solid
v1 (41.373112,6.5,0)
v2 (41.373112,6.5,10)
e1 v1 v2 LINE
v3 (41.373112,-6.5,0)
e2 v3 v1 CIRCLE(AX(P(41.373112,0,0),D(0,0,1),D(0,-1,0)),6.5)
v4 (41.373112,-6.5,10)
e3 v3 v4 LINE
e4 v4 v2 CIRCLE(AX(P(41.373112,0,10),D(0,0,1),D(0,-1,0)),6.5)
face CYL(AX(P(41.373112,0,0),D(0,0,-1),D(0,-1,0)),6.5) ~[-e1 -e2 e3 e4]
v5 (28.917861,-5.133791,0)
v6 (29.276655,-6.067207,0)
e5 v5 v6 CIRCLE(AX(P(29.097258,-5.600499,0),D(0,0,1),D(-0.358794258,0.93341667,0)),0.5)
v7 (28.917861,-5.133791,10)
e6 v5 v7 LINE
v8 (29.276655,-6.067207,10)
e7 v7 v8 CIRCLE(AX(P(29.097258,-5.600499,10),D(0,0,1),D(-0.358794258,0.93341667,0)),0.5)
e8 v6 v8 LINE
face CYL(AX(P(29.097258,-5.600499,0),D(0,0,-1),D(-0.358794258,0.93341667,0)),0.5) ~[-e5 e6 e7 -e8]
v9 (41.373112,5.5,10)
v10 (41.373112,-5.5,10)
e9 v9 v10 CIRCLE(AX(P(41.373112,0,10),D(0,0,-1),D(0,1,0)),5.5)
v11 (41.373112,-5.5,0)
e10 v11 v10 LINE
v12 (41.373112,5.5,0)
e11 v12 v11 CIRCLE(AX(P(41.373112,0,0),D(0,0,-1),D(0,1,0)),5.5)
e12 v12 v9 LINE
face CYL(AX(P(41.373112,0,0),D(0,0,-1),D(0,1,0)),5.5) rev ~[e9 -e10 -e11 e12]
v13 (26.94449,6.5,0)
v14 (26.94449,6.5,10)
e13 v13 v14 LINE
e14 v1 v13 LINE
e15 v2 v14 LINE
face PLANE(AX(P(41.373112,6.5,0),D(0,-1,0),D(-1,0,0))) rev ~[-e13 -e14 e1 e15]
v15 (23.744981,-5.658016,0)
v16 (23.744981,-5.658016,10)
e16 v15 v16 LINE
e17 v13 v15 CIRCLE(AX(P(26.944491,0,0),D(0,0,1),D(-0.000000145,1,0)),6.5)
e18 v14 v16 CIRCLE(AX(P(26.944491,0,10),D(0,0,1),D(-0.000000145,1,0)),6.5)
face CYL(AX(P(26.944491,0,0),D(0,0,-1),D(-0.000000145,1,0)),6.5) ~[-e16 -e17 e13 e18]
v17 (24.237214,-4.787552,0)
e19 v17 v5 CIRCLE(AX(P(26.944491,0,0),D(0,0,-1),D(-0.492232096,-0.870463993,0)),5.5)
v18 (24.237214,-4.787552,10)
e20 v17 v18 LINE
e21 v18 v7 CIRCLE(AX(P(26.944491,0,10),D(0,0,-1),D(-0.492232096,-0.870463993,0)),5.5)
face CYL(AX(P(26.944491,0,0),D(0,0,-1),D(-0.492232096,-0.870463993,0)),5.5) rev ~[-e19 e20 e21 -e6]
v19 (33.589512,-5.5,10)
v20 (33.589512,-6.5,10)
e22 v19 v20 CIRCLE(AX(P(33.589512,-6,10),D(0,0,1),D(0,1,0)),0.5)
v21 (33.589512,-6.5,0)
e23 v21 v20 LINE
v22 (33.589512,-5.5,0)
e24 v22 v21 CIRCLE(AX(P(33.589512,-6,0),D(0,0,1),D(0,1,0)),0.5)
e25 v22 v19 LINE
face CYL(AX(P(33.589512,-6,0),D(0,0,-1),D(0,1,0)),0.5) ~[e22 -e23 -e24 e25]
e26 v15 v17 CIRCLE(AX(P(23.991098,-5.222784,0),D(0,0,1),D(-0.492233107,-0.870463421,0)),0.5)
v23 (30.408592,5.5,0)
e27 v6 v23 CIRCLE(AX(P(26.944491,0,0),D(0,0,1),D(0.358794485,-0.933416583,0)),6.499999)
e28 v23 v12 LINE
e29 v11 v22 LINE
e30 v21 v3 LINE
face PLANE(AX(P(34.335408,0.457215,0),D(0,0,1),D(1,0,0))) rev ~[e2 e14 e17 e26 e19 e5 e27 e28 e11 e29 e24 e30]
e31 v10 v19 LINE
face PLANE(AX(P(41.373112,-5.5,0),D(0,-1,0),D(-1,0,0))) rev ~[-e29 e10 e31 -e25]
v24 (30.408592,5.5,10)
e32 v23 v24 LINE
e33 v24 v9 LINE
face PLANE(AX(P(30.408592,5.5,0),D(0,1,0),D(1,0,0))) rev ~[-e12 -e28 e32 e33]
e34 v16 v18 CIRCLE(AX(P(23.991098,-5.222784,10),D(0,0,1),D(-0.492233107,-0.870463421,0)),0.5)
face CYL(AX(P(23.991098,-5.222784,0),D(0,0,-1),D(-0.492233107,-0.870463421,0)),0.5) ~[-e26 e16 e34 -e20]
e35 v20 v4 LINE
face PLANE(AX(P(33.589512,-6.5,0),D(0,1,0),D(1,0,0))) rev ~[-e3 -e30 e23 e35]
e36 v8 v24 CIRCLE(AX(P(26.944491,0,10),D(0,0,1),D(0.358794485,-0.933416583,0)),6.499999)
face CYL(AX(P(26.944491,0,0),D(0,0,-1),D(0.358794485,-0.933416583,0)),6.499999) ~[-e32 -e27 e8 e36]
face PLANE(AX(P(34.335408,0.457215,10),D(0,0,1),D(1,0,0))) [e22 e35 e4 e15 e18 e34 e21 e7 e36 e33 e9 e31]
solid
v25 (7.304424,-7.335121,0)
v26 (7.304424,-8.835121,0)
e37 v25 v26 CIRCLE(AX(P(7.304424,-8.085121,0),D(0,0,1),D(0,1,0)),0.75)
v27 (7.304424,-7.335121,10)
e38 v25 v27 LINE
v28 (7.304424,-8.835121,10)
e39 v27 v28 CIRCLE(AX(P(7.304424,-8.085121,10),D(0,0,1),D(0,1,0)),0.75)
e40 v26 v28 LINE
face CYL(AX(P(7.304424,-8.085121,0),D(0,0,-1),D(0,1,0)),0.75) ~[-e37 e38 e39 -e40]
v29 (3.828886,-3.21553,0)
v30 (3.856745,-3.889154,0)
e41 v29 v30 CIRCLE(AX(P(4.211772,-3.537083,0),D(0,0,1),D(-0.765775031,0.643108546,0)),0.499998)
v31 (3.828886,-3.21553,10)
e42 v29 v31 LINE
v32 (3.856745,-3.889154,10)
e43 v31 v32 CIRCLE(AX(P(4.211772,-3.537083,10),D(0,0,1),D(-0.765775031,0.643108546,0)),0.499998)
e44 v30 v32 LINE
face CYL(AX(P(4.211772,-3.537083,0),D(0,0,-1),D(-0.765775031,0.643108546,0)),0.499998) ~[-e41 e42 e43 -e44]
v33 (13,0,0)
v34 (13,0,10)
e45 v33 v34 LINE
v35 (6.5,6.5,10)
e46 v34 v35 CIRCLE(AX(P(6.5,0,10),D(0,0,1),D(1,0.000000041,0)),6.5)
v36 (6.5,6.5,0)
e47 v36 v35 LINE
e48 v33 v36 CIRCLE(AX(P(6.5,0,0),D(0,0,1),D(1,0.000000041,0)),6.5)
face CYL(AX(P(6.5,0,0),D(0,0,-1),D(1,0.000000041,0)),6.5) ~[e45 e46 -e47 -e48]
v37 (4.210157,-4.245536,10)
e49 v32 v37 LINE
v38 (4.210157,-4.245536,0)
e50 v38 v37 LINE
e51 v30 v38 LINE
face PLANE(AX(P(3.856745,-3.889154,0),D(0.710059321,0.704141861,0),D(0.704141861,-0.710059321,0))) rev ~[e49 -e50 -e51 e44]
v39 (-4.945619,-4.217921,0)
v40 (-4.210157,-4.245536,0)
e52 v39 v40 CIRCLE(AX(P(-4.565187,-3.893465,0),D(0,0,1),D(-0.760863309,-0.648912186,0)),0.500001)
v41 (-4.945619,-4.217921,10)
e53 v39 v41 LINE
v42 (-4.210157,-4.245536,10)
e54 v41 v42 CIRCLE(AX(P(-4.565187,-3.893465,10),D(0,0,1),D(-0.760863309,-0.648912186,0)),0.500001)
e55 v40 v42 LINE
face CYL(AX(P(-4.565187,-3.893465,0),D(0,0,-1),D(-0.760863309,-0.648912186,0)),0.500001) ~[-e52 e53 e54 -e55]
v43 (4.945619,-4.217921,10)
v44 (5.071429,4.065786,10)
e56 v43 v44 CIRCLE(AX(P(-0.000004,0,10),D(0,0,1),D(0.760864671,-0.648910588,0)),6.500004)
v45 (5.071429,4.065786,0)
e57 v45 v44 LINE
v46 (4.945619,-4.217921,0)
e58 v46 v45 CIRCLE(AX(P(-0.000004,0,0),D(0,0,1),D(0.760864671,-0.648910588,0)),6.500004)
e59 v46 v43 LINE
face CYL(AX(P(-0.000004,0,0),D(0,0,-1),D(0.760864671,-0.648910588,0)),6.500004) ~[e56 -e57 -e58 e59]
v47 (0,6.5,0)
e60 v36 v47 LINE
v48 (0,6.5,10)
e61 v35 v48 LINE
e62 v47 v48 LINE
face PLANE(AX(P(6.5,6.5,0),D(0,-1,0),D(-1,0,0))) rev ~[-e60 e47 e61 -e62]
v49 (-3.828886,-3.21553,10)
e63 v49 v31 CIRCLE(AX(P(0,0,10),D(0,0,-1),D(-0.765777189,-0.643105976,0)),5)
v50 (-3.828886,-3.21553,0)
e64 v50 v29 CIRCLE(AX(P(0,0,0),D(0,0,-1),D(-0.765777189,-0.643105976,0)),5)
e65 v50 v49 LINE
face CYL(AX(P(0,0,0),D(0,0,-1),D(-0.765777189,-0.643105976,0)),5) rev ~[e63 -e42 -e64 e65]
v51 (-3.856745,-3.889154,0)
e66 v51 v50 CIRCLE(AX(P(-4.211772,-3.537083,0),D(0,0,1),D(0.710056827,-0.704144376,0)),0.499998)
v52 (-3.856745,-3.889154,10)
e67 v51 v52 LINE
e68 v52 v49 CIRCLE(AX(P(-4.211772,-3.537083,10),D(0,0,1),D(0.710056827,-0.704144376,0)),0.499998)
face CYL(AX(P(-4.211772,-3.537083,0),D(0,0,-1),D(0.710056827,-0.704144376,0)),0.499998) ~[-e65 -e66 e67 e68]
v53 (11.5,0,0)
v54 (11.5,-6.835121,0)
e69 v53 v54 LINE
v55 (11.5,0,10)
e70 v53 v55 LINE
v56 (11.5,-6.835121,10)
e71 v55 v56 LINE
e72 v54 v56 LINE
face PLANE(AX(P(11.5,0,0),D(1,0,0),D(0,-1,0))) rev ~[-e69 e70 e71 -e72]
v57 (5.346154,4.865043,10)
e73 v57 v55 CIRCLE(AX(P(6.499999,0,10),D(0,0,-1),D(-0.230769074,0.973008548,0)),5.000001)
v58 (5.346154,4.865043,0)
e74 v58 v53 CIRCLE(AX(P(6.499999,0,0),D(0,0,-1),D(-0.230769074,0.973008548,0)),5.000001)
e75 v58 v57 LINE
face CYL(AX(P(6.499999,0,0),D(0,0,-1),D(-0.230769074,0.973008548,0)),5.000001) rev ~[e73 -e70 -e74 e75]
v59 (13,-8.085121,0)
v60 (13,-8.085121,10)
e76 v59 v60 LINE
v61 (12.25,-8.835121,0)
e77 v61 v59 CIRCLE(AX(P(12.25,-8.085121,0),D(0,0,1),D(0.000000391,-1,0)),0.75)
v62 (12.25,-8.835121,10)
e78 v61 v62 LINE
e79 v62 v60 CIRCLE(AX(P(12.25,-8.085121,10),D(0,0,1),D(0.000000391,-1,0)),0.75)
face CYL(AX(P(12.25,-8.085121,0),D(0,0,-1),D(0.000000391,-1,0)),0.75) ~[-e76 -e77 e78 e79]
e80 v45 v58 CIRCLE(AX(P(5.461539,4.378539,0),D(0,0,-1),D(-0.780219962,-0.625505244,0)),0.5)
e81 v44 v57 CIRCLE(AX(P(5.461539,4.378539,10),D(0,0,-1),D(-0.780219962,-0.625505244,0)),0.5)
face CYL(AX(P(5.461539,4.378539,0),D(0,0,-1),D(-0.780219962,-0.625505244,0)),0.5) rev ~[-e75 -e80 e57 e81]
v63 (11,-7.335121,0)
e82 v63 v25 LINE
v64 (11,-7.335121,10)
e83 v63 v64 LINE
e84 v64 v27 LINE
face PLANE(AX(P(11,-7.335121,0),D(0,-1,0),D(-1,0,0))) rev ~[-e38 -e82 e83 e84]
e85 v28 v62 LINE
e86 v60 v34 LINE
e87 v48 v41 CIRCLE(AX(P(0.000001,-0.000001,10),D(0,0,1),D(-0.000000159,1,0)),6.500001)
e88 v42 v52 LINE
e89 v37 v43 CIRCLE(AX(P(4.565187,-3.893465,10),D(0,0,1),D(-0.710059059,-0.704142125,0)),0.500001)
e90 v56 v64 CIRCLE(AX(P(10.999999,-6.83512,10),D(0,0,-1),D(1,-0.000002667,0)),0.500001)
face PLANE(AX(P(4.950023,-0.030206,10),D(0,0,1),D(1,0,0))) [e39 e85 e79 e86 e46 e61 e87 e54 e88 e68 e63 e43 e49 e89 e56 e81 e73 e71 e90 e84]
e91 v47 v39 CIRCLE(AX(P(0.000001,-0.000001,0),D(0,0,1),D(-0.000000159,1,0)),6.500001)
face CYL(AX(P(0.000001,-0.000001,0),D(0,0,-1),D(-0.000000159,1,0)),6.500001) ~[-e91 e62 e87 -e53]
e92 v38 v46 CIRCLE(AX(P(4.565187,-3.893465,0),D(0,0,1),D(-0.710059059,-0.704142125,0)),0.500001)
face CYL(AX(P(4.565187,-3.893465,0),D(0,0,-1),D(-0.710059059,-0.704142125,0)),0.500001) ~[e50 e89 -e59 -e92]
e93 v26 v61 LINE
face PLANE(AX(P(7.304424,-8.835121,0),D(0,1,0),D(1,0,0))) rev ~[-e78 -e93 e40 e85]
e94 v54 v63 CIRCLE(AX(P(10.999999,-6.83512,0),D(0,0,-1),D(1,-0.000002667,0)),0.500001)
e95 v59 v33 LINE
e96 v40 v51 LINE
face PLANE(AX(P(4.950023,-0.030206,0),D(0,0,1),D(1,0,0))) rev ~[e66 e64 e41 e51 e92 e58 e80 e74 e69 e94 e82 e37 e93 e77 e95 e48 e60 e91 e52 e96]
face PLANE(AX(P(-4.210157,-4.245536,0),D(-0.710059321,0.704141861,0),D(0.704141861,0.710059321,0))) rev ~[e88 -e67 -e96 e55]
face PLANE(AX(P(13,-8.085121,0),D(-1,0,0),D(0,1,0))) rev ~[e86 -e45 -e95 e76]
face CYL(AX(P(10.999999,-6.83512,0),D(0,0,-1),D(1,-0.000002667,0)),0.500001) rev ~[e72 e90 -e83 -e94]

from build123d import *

# Parameters (mm, degrees)
F1_DEPTH = 10


with BuildPart() as f1:
    # F0 (on Top) → F1 (new body)
    with BuildSketch(Plane.XY):
        with BuildLine():
            ThreePointArc((-3.828886, -3.21553), (0, 5), (3.828886, -3.21553))
            ThreePointArc((3.828886, -3.21553), (3.712201, -3.557744), (3.856745, -3.889154))
            Line((3.856745, -3.889154), (4.210157, -4.245536))
            ThreePointArc((4.210157, -4.245536), (4.583948, -4.393113), (4.945619, -4.217921))
            ThreePointArc((4.945619, -4.217921), (6.49925, -0.098708), (5.071429, 4.065786))
            ThreePointArc((5.071429, 4.065786), (4.988692, 4.541068), (5.346154, 4.865043))
            ThreePointArc((5.346154, 4.865043), (9.600868, 3.922323), (11.5, 0))
            Line((11.5, 0), (11.5, -6.835121))
            ThreePointArc((11.5, -6.835121), (11.353553, -7.188674), (11, -7.335121))
            Line((11, -7.335121), (7.304424, -7.335121))
            ThreePointArc((7.304424, -7.335121), (6.554424, -8.085121), (7.304424, -8.835121))
            Line((7.304424, -8.835121), (12.25, -8.835121))
            ThreePointArc((12.25, -8.835121), (12.78033, -8.615451), (13, -8.085121))
            Line((13, -8.085121), (13, 0))
            ThreePointArc((13, 0), (11.096194, 4.596194), (6.5, 6.5))
            Line((6.5, 6.5), (0, 6.5))
            ThreePointArc((0, 6.5), (-5.901969, 2.723372), (-4.945619, -4.217921))
            ThreePointArc((-4.945619, -4.217921), (-4.583948, -4.393113), (-4.210157, -4.245536))
            Line((-4.210157, -4.245536), (-3.856745, -3.889154))
            ThreePointArc((-3.856745, -3.889154), (-3.712201, -3.557744), (-3.828886, -3.21553))
        make_face()
        with BuildLine():
            ThreePointArc((24.237214, -4.787552), (27.35023, 5.485014), (28.917861, -5.133791))
            ThreePointArc((28.917861, -5.133791), (28.63055, -5.779896), (29.276655, -6.067207))
            ThreePointArc((29.276655, -6.067207), (33.41359, -0.633049), (30.408592, 5.5))
            Line((30.408592, 5.5), (41.373112, 5.5))
            ThreePointArc((41.373112, 5.5), (46.873112, 0), (41.373112, -5.5))
            Line((41.373112, -5.5), (33.589512, -5.5))
            ThreePointArc((33.589512, -5.5), (33.089512, -6), (33.589512, -6.5))
            Line((33.589512, -6.5), (41.373112, -6.5))
            ThreePointArc((41.373112, -6.5), (47.873112, 0), (41.373112, 6.5))
            Line((41.373112, 6.5), (26.94449, 6.5))
            ThreePointArc((26.94449, 6.5), (20.65851, 1.654221), (23.744981, -5.658016))
            ThreePointArc((23.744981, -5.658016), (24.42633, -5.4689), (24.237214, -4.787552))
        make_face()
    extrude(amount=F1_DEPTH)


solid = f1.part
